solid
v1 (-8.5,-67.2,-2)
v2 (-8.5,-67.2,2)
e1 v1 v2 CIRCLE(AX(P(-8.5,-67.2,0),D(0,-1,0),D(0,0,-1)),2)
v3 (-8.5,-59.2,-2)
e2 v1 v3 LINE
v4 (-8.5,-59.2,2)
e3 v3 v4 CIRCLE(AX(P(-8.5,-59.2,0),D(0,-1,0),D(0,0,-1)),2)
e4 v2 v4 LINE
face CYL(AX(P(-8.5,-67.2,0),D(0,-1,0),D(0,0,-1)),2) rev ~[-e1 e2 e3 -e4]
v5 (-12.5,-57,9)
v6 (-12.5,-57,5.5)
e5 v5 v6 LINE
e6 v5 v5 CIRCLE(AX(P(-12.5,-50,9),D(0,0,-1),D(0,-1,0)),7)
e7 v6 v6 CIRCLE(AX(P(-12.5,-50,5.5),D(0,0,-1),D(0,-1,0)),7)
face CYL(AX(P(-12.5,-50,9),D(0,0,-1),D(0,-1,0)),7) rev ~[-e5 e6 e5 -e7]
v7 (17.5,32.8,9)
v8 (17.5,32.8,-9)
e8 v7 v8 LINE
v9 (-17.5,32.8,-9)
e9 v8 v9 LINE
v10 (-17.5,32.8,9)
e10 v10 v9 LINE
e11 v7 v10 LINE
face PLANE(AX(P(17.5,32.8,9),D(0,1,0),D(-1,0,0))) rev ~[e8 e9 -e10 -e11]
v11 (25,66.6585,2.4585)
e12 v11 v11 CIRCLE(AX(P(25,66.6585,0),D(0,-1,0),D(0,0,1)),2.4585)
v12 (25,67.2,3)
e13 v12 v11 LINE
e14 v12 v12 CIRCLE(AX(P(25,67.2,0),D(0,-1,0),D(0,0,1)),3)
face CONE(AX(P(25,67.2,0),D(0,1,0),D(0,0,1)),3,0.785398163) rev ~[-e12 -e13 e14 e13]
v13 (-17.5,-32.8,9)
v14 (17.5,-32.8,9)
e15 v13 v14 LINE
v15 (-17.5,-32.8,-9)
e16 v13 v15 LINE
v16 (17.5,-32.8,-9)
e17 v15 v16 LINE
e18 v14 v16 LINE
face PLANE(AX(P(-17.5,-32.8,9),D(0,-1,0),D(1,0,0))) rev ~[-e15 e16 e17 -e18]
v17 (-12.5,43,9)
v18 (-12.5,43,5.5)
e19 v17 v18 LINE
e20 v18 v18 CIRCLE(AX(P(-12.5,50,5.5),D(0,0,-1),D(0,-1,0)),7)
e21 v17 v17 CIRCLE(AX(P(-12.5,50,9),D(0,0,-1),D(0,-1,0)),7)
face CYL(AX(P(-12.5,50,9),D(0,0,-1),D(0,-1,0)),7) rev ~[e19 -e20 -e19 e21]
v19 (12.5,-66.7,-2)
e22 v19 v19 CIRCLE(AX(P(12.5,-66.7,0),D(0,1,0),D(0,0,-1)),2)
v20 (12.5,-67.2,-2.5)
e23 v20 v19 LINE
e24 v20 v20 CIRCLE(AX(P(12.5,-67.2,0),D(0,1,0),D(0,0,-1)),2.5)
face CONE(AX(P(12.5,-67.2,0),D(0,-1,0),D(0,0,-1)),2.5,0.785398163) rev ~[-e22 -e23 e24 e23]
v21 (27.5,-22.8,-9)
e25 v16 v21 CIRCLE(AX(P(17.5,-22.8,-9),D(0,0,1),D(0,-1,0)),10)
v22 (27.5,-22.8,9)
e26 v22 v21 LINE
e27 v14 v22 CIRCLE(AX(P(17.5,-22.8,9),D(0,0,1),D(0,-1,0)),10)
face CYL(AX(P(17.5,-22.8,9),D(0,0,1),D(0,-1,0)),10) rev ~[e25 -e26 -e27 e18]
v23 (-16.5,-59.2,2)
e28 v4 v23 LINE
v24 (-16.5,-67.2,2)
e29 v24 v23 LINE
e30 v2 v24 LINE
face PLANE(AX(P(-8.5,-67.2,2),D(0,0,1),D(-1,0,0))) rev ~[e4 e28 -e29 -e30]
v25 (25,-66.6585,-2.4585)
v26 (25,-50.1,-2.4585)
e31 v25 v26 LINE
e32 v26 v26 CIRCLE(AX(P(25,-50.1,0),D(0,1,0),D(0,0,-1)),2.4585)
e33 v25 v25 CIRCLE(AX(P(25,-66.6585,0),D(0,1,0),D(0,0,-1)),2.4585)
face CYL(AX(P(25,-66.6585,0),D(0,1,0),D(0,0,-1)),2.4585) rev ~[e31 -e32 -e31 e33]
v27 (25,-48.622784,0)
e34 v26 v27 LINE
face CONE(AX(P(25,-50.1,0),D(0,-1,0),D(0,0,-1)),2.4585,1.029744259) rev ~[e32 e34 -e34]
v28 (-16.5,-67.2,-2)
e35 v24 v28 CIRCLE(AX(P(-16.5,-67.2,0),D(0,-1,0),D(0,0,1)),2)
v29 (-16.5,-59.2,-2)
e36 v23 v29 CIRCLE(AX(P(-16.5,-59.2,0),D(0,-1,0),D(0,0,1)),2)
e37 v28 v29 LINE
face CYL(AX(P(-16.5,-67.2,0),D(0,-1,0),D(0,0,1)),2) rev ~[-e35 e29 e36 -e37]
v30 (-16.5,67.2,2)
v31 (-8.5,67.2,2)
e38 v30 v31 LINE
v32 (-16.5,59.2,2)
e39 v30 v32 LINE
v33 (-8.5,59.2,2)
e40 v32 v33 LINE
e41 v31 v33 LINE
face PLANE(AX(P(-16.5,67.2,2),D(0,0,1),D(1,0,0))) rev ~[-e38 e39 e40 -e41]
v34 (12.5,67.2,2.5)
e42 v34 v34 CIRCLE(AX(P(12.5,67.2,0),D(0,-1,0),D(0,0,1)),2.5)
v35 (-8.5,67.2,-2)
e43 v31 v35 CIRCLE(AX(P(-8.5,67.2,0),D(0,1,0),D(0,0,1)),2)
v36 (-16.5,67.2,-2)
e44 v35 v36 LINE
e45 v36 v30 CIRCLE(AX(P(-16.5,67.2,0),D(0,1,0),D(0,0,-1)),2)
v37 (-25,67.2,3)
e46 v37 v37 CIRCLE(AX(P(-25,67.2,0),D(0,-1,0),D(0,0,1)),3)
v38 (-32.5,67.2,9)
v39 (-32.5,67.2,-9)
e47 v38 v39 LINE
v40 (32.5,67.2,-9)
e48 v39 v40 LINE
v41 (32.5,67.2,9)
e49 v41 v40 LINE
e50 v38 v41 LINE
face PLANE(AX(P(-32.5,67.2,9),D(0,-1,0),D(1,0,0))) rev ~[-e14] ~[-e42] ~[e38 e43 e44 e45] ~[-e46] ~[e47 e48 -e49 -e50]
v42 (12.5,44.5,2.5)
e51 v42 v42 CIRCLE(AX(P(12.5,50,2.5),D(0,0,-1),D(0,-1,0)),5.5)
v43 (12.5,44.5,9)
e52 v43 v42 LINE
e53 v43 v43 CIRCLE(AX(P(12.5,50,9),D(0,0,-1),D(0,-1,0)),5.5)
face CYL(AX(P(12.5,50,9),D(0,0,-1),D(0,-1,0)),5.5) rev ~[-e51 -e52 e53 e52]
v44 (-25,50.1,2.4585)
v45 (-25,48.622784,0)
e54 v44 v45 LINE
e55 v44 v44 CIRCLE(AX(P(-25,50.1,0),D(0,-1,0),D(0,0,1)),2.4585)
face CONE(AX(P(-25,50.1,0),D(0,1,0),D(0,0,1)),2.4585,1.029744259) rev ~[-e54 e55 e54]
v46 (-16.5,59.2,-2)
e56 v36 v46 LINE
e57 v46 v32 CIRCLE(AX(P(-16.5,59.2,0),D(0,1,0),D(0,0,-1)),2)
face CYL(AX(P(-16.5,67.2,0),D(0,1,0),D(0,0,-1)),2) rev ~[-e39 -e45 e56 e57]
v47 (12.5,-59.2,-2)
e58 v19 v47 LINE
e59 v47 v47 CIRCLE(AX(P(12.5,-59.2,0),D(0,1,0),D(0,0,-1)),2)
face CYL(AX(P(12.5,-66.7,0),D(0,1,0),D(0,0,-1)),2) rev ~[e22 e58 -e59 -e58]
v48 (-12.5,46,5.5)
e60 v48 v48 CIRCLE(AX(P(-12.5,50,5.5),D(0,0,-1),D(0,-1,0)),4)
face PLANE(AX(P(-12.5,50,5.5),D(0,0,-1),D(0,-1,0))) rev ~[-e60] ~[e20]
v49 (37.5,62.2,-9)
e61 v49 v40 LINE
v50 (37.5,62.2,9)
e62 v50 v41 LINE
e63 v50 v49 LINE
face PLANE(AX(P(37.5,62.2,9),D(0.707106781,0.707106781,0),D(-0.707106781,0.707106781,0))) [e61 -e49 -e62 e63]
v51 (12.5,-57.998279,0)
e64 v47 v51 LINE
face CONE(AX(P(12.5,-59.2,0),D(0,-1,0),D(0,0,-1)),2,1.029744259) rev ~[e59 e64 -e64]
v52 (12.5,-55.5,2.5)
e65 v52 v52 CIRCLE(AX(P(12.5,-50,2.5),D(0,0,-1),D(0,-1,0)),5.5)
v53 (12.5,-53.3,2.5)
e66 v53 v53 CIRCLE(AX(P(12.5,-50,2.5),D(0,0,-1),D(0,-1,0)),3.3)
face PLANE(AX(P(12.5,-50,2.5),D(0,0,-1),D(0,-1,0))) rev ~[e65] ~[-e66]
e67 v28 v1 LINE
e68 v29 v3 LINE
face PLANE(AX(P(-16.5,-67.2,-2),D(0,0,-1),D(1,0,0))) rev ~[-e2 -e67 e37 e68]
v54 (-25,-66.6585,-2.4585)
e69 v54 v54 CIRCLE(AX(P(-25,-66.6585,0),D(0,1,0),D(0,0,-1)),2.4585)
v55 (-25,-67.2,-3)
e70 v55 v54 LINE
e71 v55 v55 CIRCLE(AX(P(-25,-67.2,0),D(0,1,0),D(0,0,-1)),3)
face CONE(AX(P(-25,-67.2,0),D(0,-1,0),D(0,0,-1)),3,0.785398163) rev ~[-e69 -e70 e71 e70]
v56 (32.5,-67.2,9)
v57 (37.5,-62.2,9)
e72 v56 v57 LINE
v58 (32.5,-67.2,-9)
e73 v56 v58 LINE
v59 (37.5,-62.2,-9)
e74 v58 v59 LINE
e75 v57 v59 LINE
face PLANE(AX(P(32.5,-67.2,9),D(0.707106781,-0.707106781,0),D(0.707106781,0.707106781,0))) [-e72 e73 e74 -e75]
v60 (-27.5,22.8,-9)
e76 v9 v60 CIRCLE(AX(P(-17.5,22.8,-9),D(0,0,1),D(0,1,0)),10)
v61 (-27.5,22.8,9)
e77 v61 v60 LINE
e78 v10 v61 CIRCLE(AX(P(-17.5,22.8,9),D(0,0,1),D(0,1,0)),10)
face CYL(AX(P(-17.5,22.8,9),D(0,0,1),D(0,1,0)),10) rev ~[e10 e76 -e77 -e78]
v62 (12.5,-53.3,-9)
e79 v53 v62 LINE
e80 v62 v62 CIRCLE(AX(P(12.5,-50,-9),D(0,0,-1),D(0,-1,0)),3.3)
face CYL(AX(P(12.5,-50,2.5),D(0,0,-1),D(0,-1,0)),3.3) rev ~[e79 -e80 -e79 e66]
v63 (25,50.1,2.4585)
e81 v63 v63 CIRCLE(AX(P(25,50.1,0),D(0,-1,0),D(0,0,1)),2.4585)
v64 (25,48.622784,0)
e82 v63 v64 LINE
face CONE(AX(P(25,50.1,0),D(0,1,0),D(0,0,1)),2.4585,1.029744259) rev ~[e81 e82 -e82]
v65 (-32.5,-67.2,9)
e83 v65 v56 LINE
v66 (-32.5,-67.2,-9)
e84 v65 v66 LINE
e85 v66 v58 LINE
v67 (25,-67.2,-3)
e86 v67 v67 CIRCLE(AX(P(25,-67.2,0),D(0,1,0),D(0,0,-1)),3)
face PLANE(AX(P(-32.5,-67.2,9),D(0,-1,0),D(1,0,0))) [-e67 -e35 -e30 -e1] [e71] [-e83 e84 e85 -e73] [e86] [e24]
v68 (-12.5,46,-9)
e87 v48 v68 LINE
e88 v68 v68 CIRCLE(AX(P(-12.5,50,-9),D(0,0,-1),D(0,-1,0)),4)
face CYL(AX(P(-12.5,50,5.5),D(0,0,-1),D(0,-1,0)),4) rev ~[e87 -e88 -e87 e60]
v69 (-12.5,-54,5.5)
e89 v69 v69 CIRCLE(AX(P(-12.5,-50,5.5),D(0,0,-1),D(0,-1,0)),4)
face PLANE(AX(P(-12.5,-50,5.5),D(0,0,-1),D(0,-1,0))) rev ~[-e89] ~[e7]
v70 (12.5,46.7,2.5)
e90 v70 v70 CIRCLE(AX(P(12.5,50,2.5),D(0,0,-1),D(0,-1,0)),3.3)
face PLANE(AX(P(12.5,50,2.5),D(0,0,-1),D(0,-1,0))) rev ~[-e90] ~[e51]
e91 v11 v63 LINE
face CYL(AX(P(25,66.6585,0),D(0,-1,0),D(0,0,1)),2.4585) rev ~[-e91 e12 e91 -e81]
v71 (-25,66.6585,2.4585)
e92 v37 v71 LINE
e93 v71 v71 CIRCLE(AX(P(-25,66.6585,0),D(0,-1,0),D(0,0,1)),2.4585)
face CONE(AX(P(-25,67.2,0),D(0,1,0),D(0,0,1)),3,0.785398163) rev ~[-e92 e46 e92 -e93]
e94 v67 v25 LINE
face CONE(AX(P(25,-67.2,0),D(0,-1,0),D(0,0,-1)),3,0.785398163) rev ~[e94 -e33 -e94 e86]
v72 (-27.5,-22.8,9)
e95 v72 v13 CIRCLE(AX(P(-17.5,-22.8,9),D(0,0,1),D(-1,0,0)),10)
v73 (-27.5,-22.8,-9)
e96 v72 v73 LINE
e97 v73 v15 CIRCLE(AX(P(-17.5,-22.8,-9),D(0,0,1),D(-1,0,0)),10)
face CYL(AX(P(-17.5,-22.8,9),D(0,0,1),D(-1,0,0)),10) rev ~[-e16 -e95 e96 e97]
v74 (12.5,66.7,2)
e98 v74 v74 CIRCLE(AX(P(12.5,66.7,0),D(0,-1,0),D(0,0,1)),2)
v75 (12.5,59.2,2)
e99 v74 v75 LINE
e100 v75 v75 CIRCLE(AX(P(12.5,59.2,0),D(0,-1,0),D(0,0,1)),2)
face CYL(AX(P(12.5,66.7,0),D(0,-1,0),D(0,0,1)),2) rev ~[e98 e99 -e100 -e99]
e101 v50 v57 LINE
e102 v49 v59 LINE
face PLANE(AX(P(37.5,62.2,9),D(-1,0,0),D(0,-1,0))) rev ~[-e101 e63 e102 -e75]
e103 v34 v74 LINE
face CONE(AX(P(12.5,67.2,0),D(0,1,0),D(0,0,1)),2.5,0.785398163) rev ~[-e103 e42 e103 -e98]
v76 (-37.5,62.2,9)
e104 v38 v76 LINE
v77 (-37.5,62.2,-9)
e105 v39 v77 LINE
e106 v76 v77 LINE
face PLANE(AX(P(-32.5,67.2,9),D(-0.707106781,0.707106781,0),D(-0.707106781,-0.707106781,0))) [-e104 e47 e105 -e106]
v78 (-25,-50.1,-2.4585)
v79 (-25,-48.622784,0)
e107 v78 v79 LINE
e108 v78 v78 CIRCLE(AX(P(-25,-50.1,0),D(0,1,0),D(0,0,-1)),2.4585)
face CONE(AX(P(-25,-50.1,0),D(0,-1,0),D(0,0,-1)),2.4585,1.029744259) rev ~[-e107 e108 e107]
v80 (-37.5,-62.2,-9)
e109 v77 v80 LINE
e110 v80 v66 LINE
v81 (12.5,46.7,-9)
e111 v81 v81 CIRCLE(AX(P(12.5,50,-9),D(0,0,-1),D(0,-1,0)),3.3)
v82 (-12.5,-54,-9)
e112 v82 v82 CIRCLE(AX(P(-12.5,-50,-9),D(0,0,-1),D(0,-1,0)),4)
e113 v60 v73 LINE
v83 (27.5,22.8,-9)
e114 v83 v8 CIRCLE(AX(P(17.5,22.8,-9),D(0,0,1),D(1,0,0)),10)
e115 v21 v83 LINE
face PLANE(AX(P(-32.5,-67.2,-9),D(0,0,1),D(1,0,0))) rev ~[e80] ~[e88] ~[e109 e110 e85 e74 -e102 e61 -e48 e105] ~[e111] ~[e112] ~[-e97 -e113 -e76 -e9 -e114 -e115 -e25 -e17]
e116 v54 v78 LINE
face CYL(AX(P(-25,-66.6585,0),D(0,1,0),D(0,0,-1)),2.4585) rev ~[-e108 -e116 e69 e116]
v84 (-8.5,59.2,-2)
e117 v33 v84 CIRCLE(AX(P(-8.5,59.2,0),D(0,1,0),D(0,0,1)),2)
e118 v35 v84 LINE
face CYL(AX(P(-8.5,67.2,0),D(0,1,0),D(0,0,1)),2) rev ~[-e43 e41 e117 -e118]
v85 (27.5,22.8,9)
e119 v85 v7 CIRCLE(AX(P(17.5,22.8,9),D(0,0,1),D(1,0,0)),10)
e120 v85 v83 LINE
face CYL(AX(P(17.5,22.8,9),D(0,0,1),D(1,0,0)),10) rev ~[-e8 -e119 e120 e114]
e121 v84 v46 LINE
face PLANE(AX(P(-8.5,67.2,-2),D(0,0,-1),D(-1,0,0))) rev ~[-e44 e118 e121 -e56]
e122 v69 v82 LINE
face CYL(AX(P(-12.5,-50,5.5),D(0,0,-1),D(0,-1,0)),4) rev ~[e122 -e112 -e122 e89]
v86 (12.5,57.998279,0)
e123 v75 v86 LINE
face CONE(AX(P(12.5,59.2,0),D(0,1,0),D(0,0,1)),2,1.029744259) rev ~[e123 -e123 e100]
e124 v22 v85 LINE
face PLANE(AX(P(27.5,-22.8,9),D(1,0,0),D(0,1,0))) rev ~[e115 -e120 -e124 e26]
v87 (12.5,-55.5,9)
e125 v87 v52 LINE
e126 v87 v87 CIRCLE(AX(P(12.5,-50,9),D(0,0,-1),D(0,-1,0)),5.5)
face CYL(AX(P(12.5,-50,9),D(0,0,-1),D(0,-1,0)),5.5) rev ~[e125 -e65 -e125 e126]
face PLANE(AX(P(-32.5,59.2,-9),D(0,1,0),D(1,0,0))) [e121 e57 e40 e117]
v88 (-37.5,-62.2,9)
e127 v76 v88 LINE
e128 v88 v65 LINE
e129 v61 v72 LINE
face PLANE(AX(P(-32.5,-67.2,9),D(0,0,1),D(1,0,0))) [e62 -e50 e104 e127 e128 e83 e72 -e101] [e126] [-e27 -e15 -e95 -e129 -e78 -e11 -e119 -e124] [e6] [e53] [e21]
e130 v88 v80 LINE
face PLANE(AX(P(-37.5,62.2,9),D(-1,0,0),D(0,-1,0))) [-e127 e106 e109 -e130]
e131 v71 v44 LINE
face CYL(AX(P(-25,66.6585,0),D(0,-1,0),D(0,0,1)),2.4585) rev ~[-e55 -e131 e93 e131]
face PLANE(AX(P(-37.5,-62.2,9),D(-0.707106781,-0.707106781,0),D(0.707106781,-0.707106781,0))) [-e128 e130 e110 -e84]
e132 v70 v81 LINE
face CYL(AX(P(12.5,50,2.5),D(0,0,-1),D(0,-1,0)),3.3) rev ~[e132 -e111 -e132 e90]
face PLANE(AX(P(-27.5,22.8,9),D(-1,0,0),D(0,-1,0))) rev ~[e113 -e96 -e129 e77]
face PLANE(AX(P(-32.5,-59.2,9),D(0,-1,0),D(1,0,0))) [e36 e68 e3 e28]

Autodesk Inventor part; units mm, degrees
ref_plane "YZ Plane" through (0, 0, 0) normal (1, 0, 0) x (0, 1, 0)
ref_plane "XZ Plane" through (0, 0, 0) normal (0, 1, 0) x (-1, 0, 0)
ref_plane "XY Plane" through (0, 0, 0) normal (0, 0, 1) x (1, 0, 0)
sketch "3H7Slot" plane through (0, 0, 0) normal (0, 0, 1) x (1, 0, 0)
  line L0 (32.4992, 25.6932) -> (32.4992, 24.1932) construction
  line L1 (30.9992, 25.6932) -> (30.9992, 24.1932)
  line L2 (33.9992, 24.1932) -> (33.9992, 25.6932)
  arc A0 (33.9992, 25.6932) -> (30.9992, 25.6932) centre (32.4992, 25.6932) ccw
  arc A1 (30.9992, 24.1932) -> (33.9992, 24.1932) centre (32.4992, 24.1932) ccw
  point P0 (32.4992, 24.6932)
  dimension "d61" = 3
  dimension "d71" = 1.5
sketch "Sketch1" plane through (32.5, -67.2, -9) normal (0, 0, -1) x (-1, 0, 0)
  point P0 (32.5, 67.2)
sketch "Sketch2" plane through (-32.5, -67.2, 9) normal (0, 0, 1) x (1, 0, 0)
  line L0 (-5, 129.4) -> (-5, 5) projected
  line L1 (-5, 5) -> (0, 0) projected
  line L2 (0, 0) -> (65, 0) projected
  line L3 (65, 0) -> (70, 5) projected
  line L4 (70, 129.4) -> (70, 5) projected
  line L5 (70, 129.4) -> (65, 134.4) projected
  line L6 (0, 134.4) -> (65, 134.4) projected
  line L7 (0, 134.4) -> (-5, 129.4) projected
  line L8 (15, 34.4) -> (50, 34.4) projected
  arc A0 (5, 44.4) -> (15, 34.4) centre (15, 44.4) ccw projected
  line L9 (5, 90) -> (5, 44.4) projected
  arc A1 (15, 100) -> (5, 90) centre (15, 90) ccw projected
  line L10 (50, 100) -> (15, 100) projected
  arc A2 (60, 90) -> (50, 100) centre (50, 90) ccw projected
  line L11 (60, 44.4) -> (60, 90) projected
  arc A3 (50, 34.4) -> (60, 44.4) centre (50, 44.4) ccw projected
  circle A4 centre (20, 17.2) radius 5.5 projected
  circle A5 centre (45, 17.2) radius 5.5 projected
  circle A6 centre (45, 117.2) radius 5.5 projected
  circle A7 centre (20, 117.2) radius 5.5 projected
  circle A8 centre (32.497, 129.748) radius 2 projected
  arc A9 (34.497, 121.251) -> (30.497, 121.251) centre (32.497, 121.251) ccw projected
  line L12 (30.497, 113.251) -> (30.497, 121.251) projected
  arc A10 (30.497, 113.251) -> (34.497, 113.251) centre (32.497, 113.251) ccw projected
  line L13 (34.497, 121.251) -> (34.497, 113.251) projected
  point P0 (32.5, 67.2)
sketch "Sketch3" plane through (-32.5, 67.2, -9) normal (0, 1, 0) x (1, 0, 0)
  line L0 (65, 0) -> (0, 0) projected
  line L1 (0, 0) -> (0, -18) projected
  line L2 (0, -18) -> (65, -18) projected
  line L3 (65, -18) -> (65, 0) projected
  circle A0 centre (7.5, -9) radius 3.5 projected
  circle A1 centre (57.5, -9) radius 3.5 projected
  arc A2 (24, -11) -> (24, -7) centre (24, -9) ccw projected
  line L4 (16, -11) -> (24, -11) projected
  arc A3 (16, -7) -> (16, -11) centre (16, -9) ccw projected
  line L5 (24, -7) -> (16, -7) projected
  circle A4 centre (45, -9) radius 2 projected
  point P0 (32.5, -9)
sketch "Sketch4" plane through (-32.5, -67.2, 9) normal (0, -1, 0) x (1, 0, 0)
  line L0 (0, 0) -> (65, 0) projected
  line L1 (0, 0) -> (0, -18) projected
  line L2 (65, -18) -> (0, -18) projected
  line L3 (65, -18) -> (65, 0) projected
  circle A0 centre (45, -9) radius 2 projected
  line L4 (16, -11) -> (24, -11) projected
  arc A1 (16, -7) -> (16, -11) centre (16, -9) ccw projected
  line L5 (24, -7) -> (16, -7) projected
  arc A2 (24, -11) -> (24, -7) centre (24, -9) ccw projected
  circle A3 centre (57.5, -9) radius 3.5 projected
  circle A4 centre (7.5, -9) radius 3.5 projected
  point P0 (32.5, -9)
extrude "Extrusion1" add sketch "Sketch2" against normal up to surface (18 mm away) from surface at 0 contours L7 L6 L5 L4 L3 L2 L1 L0 | A4 | A5 | A6 | A7 | A8 | L13 A10 L12 A9
hole "M6Clearance" at (12.5, -50, 9) at (12.5, 50, 9) direction (0, 0, -1) diameter 6.6 end through all counterbore diameter 11 counterbore depth 6.5 clearance for "Socket Head Cap Screw ISO 4762" size "M6" standard "ISO"
hole "M6TapsTop" at (25, 67.2, 0) at (-25, 67.2, 0) direction (0, -1, 0) diameter 4.917 depth 17.1 tip angle 118 countersink diameter 6 countersink angle 90 thread size "M6x1" class "6H" standard "ISO Metric profile"
hole "M6TapsBottom" at (25, -67.2, 0) at (-25, -67.2, 0) direction (0, 1, 0) diameter 4.917 depth 17.1 tip angle 118 countersink diameter 6 countersink angle 90 thread size "M6x1" class "6H" standard "ISO Metric profile"
extrude "4H7AlignmentSlot1" cut sketch "Sketch3" against normal blind 8 contours L4 A3 L5 A2
extrude "4H7AlignmentSlot2" cut sketch "Sketch4" against normal blind 8 contours A1 L5 A2 L4
hole "4H7AlignmentHole1" at (12.5, -67.2, 0) direction (0, 1, 0) diameter 4 depth 8 tip angle 118 countersink diameter 5 countersink angle 90
hole "4H7AlignmentHole2" at (12.5, 67.2, 0) direction (0, -1, 0) diameter 4 depth 8 tip angle 118 countersink diameter 5 countersink angle 90
hole "ShoulderScrewHoles" at (-12.5, 50, 9) at (-12.5, -50, 9) direction (0, 0, -1) diameter 8 end through all counterbore diameter 14 counterbore depth 3.5
properties part number "FAB-P0003" material "SolidWorks Materials|6061-T6 (SS)"
